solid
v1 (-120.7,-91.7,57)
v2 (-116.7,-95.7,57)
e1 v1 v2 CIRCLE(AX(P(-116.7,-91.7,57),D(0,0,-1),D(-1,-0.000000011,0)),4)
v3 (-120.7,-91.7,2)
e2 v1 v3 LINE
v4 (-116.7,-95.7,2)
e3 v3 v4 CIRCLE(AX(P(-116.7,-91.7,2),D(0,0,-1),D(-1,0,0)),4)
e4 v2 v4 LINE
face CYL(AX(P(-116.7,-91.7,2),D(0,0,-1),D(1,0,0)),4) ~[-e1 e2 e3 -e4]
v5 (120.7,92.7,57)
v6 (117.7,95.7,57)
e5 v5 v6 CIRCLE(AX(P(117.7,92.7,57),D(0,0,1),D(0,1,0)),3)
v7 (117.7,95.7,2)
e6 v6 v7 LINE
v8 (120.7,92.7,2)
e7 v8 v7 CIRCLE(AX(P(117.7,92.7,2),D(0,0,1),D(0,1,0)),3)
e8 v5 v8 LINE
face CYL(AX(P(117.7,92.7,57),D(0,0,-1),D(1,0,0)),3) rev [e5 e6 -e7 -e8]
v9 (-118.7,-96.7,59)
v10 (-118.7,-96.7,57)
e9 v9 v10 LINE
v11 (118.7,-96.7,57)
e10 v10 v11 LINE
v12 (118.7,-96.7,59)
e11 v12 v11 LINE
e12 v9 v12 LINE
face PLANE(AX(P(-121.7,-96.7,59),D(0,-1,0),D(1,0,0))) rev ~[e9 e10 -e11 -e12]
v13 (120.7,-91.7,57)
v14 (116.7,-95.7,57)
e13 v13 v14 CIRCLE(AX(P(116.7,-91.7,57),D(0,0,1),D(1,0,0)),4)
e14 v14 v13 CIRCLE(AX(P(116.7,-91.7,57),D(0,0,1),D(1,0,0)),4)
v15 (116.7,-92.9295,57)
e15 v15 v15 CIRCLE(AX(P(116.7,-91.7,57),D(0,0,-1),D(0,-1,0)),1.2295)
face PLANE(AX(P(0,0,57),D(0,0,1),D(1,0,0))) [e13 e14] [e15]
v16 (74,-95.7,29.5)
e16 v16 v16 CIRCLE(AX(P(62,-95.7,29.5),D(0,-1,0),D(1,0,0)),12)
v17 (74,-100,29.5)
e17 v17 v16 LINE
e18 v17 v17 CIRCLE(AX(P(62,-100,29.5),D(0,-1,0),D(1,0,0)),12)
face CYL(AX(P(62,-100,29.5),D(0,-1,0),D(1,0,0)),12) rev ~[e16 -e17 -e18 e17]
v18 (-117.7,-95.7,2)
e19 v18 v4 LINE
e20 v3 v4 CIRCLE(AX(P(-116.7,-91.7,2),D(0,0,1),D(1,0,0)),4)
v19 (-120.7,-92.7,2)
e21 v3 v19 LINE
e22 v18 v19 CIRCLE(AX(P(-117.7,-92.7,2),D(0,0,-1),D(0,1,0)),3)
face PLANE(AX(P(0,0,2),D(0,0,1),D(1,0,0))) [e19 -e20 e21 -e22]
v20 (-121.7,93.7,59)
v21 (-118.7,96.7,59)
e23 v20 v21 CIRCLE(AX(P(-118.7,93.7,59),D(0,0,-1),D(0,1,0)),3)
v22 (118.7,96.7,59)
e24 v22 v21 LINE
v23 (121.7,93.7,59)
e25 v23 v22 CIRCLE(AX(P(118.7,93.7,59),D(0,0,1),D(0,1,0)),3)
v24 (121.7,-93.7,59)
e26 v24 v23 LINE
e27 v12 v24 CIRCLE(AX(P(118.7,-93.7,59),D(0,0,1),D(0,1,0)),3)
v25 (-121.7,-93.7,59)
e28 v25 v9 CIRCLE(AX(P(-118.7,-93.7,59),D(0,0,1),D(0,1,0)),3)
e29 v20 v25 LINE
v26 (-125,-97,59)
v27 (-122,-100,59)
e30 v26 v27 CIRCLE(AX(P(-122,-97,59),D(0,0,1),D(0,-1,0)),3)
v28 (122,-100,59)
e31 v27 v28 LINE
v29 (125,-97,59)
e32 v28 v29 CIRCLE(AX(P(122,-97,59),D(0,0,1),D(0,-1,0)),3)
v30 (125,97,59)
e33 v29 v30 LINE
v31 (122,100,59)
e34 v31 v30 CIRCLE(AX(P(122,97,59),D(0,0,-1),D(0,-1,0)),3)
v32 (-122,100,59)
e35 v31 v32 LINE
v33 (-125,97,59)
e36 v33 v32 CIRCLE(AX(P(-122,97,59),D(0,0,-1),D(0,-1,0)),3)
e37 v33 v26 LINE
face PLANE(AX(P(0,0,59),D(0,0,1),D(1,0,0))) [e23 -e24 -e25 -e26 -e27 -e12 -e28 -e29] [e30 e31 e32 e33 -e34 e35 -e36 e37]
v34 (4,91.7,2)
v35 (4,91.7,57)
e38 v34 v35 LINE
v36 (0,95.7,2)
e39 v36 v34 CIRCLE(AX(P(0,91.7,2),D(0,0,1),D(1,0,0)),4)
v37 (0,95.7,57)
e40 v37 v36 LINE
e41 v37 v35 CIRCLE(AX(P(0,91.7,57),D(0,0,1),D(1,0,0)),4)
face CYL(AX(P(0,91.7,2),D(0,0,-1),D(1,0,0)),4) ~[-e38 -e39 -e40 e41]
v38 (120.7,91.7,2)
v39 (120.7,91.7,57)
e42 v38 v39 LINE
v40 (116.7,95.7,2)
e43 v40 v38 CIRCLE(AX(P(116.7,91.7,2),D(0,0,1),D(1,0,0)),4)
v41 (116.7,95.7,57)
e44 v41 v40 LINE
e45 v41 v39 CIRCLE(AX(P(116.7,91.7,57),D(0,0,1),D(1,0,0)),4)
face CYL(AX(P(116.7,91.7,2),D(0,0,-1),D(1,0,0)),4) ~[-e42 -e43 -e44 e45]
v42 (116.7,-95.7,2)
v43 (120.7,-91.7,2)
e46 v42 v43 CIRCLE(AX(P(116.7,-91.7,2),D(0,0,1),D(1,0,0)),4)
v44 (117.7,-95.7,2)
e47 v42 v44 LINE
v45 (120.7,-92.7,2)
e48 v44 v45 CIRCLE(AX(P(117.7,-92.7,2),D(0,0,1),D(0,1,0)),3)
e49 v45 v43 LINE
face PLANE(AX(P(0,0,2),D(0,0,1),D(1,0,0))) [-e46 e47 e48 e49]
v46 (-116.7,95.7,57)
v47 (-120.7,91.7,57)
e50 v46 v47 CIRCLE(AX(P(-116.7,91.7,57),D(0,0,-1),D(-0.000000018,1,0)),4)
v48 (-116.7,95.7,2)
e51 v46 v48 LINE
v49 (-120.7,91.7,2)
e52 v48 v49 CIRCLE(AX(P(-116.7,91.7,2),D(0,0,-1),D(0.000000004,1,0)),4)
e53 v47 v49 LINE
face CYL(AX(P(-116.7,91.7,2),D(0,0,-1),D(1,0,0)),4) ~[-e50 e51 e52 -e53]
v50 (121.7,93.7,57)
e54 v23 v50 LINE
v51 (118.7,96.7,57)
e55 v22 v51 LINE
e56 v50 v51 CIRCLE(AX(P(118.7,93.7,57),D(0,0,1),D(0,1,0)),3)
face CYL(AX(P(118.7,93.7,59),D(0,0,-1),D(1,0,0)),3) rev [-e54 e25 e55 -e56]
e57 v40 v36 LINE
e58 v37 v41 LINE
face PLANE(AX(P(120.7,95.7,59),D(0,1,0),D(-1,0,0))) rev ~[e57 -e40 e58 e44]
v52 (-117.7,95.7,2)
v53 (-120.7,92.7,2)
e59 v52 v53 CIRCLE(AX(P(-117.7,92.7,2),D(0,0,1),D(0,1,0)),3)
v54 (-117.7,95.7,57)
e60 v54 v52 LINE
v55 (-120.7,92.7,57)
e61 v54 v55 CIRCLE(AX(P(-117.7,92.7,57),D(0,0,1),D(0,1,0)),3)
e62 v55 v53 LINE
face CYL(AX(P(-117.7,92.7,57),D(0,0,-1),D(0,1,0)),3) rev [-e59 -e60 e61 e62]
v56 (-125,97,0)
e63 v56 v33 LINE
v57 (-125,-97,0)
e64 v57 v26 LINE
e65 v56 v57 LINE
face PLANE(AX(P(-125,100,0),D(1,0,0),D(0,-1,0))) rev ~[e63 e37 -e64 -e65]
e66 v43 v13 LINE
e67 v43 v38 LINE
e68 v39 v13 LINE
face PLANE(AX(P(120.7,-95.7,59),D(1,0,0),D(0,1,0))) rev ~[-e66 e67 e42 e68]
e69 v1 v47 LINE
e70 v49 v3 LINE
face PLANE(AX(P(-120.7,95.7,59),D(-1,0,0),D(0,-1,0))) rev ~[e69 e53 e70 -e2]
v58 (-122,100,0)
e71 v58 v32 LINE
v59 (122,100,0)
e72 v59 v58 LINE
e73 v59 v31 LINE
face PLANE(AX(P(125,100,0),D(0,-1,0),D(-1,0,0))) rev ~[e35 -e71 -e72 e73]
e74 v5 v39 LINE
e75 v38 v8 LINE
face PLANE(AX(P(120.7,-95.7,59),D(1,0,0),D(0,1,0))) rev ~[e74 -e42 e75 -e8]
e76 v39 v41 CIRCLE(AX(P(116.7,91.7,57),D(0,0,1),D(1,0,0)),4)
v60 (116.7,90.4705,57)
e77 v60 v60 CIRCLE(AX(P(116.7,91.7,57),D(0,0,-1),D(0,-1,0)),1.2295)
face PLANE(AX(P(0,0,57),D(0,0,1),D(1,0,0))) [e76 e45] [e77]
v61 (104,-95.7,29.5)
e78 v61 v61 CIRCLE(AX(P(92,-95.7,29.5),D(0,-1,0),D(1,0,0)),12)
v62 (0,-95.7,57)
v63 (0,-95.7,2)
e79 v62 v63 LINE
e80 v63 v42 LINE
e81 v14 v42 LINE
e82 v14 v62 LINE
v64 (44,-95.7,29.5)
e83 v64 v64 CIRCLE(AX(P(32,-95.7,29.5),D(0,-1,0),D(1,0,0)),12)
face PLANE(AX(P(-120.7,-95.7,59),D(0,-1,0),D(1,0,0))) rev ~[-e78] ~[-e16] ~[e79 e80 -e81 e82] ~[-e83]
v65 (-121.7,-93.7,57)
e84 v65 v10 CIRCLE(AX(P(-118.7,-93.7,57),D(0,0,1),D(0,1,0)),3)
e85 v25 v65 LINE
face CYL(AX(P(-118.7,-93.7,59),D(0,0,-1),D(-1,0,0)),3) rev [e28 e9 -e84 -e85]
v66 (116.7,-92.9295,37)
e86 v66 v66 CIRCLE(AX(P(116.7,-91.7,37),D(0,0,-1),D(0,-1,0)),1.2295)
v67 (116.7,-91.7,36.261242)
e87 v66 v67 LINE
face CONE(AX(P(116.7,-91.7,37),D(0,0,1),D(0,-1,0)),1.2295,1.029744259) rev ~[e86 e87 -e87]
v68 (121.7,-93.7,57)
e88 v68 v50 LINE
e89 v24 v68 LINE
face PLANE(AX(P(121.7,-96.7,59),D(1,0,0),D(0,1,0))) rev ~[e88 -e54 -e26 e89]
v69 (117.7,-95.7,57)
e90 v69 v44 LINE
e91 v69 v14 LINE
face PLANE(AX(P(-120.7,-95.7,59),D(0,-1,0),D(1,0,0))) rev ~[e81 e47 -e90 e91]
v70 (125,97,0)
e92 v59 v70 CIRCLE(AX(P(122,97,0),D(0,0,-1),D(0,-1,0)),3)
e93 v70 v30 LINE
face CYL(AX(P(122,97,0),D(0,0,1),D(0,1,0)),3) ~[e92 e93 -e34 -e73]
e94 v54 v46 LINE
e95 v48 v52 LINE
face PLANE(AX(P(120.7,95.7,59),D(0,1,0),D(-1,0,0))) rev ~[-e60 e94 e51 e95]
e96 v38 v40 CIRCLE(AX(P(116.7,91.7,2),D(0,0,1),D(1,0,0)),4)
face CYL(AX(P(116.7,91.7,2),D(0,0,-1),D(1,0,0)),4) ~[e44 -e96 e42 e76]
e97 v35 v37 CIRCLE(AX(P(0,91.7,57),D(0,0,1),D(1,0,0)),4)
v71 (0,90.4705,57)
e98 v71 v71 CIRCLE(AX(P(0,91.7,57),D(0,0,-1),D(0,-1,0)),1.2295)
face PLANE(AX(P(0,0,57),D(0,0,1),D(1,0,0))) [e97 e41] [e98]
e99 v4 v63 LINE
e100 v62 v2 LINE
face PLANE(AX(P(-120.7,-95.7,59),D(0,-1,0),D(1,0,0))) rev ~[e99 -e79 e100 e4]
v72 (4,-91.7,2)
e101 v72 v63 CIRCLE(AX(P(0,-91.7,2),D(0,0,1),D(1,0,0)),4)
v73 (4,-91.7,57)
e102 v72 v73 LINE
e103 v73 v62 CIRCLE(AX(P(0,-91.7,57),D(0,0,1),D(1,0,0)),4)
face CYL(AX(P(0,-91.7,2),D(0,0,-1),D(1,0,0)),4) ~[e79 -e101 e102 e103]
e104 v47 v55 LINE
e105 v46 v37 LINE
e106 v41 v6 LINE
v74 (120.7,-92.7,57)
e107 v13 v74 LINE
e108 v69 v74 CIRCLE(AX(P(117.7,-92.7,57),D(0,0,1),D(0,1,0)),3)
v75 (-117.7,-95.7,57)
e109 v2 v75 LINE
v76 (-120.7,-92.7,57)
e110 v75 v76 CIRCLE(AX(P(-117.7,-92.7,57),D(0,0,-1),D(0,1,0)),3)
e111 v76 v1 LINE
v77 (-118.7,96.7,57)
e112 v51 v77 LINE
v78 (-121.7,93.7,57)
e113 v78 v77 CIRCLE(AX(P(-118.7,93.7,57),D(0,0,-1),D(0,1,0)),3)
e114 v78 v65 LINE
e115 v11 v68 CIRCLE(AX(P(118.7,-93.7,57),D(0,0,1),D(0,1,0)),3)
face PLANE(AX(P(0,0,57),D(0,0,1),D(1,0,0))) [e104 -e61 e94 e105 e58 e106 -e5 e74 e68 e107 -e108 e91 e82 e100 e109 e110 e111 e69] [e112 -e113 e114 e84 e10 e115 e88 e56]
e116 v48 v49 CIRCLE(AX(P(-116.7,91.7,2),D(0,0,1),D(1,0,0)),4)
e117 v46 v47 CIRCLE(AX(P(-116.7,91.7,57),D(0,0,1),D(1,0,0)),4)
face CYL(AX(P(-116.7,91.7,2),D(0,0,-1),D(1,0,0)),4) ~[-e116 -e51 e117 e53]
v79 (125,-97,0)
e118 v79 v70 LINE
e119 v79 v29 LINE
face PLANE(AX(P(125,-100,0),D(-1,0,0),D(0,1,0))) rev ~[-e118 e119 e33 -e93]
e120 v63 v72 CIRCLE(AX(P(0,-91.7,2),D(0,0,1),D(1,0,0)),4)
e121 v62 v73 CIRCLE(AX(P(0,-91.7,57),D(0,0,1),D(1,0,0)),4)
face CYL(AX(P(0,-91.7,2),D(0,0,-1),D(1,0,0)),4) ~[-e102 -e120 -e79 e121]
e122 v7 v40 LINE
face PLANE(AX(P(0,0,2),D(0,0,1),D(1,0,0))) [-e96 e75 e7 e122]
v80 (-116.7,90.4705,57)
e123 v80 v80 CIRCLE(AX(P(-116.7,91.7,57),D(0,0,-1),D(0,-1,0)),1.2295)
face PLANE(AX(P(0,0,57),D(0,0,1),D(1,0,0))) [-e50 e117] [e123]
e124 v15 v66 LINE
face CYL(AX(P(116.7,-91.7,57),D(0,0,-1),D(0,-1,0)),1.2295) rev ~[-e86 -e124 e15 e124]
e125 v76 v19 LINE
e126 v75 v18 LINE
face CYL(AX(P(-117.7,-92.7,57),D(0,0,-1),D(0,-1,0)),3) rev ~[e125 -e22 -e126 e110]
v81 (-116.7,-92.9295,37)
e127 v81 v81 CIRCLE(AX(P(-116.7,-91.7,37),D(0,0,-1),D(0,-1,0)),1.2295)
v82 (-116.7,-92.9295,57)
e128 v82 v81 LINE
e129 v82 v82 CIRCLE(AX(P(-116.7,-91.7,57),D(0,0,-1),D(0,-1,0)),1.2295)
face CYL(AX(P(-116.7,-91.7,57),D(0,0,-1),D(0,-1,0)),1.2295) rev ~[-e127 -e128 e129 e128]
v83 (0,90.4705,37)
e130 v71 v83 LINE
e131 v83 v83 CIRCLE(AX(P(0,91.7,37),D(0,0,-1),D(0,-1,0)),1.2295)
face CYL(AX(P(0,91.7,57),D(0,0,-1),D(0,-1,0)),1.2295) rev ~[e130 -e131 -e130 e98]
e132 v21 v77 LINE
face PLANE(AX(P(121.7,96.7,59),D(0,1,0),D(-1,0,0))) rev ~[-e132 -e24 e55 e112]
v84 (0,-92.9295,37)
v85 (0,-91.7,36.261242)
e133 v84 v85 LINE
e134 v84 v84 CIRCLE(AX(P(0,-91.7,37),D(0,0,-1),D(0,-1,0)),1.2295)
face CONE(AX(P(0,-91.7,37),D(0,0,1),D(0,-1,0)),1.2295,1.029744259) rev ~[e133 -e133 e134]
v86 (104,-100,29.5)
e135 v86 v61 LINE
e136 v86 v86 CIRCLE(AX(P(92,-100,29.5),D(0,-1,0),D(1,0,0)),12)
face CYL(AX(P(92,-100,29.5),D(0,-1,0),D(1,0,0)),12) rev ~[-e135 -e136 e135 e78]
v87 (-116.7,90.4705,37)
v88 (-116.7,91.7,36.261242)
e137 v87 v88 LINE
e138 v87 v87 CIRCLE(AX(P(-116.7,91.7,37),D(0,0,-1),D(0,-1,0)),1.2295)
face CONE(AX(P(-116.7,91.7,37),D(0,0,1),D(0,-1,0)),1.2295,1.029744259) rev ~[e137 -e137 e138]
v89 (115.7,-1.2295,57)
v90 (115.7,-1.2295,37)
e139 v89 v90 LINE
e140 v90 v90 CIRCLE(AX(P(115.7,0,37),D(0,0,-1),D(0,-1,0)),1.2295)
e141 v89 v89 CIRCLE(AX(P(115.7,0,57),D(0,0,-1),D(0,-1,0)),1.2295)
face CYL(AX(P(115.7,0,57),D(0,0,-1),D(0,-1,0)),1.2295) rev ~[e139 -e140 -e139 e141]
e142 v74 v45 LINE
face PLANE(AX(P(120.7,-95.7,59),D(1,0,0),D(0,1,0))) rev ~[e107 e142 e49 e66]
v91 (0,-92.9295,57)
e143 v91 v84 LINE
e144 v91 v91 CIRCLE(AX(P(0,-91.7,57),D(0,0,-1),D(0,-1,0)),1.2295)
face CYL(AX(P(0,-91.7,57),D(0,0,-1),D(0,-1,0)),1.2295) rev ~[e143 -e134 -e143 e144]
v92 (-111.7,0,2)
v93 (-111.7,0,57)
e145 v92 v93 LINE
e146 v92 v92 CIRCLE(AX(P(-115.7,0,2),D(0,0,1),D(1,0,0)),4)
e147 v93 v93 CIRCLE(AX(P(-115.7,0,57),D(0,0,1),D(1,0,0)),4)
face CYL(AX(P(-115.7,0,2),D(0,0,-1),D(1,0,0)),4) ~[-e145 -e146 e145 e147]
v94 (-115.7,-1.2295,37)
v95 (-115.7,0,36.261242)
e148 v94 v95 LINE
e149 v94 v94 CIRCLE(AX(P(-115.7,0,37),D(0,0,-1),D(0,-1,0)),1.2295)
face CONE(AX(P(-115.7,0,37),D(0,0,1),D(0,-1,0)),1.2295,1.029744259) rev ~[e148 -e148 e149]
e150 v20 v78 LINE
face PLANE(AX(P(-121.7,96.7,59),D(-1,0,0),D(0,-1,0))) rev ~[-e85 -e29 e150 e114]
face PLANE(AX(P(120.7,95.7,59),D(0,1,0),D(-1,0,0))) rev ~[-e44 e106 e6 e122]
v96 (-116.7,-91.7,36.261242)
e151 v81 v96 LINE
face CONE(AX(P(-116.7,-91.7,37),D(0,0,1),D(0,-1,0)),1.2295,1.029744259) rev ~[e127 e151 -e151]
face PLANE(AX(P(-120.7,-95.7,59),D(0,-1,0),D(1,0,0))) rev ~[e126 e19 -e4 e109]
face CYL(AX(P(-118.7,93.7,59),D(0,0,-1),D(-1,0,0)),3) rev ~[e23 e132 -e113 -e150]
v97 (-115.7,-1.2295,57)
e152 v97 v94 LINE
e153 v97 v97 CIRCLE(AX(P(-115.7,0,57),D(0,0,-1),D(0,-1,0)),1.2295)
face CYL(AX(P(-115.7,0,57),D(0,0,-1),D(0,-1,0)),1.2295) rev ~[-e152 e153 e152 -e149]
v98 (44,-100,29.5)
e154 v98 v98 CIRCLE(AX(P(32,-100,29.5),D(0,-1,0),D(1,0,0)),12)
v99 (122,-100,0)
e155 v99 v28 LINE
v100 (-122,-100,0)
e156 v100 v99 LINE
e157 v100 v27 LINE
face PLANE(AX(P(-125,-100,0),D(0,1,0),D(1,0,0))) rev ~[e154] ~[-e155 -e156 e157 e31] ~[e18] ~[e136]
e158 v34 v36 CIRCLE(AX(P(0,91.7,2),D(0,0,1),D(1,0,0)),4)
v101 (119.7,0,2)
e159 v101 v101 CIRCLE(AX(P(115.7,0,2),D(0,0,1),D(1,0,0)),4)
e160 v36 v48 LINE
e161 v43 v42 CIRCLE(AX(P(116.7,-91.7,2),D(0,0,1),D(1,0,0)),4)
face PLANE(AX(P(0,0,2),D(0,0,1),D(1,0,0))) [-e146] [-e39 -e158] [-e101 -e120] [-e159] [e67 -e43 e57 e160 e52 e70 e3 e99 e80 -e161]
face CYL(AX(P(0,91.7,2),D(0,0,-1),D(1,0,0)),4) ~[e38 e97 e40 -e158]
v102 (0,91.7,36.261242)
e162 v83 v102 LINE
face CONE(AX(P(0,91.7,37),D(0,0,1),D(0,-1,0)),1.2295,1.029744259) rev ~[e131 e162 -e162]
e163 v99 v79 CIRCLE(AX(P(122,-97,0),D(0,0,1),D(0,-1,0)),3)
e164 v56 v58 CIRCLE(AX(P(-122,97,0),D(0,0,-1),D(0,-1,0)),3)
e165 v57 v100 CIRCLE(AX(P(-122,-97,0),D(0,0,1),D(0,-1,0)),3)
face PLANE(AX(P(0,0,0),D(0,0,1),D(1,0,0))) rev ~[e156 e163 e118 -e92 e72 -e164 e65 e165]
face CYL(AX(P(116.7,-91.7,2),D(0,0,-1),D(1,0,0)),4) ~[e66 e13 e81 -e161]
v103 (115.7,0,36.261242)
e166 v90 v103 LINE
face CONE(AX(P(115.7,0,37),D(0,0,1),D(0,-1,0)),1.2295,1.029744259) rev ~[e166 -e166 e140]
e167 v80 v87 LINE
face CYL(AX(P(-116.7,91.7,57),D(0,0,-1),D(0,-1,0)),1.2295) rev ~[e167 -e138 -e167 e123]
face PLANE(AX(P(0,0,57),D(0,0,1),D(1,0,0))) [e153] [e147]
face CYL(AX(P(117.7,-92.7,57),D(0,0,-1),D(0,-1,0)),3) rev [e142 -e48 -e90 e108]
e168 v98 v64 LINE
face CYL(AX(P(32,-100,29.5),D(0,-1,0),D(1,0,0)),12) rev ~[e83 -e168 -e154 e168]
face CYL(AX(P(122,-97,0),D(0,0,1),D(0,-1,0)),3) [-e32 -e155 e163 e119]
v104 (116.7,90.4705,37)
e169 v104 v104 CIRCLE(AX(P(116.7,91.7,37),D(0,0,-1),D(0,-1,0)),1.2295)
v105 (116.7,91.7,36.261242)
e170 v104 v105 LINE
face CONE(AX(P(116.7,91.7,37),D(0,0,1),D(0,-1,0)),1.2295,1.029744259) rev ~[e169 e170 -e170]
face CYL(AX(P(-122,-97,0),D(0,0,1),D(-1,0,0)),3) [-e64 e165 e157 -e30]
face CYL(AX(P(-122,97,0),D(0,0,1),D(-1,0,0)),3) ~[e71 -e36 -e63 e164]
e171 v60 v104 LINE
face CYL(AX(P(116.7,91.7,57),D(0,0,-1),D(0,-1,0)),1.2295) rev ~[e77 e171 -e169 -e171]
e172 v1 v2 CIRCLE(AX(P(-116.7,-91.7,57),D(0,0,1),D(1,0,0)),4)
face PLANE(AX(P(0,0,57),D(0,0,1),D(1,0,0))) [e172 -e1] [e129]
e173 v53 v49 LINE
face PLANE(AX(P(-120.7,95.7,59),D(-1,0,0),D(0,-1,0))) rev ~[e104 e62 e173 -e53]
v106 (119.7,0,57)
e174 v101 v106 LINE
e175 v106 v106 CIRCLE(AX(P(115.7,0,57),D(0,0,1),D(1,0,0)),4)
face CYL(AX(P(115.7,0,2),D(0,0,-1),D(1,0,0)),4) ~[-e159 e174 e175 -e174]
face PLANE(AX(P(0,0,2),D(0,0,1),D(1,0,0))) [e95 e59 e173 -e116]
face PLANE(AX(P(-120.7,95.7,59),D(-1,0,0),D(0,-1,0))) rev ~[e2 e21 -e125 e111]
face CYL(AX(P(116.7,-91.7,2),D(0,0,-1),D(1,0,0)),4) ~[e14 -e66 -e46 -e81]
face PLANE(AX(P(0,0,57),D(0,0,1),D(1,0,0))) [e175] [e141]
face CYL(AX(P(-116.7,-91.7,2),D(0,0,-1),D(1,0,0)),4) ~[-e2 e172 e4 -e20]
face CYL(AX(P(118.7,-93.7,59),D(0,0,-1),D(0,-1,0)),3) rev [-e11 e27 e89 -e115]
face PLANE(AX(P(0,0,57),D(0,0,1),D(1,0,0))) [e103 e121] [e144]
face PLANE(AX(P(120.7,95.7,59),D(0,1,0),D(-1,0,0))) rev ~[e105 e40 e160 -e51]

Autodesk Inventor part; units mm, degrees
ref_plane "Plan YZ" through (0, 0, 0) normal (1, 0, 0) x (0, 1, 0)
ref_plane "Plan XZ" through (0, 0, 0) normal (0, 1, 0) x (-1, 0, 0)
ref_plane "Plan XY" through (0, 0, 0) normal (0, 0, 1) x (1, 0, 0)
sketch "Esquisse1" plane through (0, 0, 0) normal (0, 0, 1) x (1, 0, 0)
  line L0 (-125, -100) -> (125, -100)
  line L1 (125, -100) -> (125, 100)
  line L2 (125, 100) -> (-125, 100)
  line L3 (-125, 100) -> (-125, -100)
  line L4 (-125, -100) -> (125, 100) construction
  line L5 (125, -100) -> (-125, 100) construction
  point P0 (0, 0)
  dimension "d0" = 250
  dimension "d1" = 200
extrude "Extrusion1" add sketch "Esquisse1" along normal blind 59
sketch "Esquisse6" plane through (0, 0, 59) normal (0, 0, 1) x (1, 0, 0)
  line L0 (-120.7, -95.7) -> (120.7, -95.7)
  line L1 (120.7, -95.7) -> (120.7, 95.7)
  line L2 (120.7, 95.7) -> (-120.7, 95.7)
  line L3 (-120.7, 95.7) -> (-120.7, -95.7)
  line L4 (-120.7, -95.7) -> (120.7, 95.7) construction
  line L5 (120.7, -95.7) -> (-120.7, 95.7) construction
  line L6 (125, 100) -> (-125, 100) projected
  line L7 (125, -100) -> (125, 100) projected
  point P0 (0, 0)
  dimension "d4" = 4.3
  dimension "d5" = 4.3
extrude "Extrusion2" cut sketch "Esquisse6" against normal blind 57
sketch "Esquisse7" plane through (0, 0, 59) normal (0, 0, 1) x (1, 0, 0)
  line L0 (-121.7, -96.7) -> (121.7, -96.7)
  line L1 (121.7, -96.7) -> (121.7, 96.7)
  line L2 (121.7, 96.7) -> (-121.7, 96.7)
  line L3 (-121.7, 96.7) -> (-121.7, -96.7)
  line L4 (-121.7, -96.7) -> (121.7, 96.7) construction
  line L5 (121.7, -96.7) -> (-121.7, 96.7) construction
  line L6 (125, 100) -> (-125, 100) projected
  line L7 (125, -100) -> (125, 100) projected
  point P0 (0, 0)
  dimension "d8" = 3.3
  dimension "d9" = 3.3
extrude "Extrusion3" cut sketch "Esquisse7" against normal blind 2
fillet "Congé1" radius 3 12 edges at (-120.7, 95.7, 29.5) (-121.7, 96.7, 58) (-125, 100, 29.5) (120.7, 95.7, 29.5) (121.7, 96.7, 58) (120.7, -95.7, 29.5) (121.7, -96.7, 58) (-121.7, -96.7, 58) (-120.7, -95.7, 29.5) (-125, -100, 29.5) (125, -100, 29.5) (125, 100, 29.5)
sketch "Esquisse9" plane through (0, 0, 2) normal (0, 0, 1) x (1, 0, 0)
  line L0 (118.7, -96.7) -> (-118.7, -96.7) projected
  line L1 (-121.7, -93.7) -> (-121.7, 93.7) projected
  circle A0 centre (-116.7, -91.7) radius 4
  line L2 (0, 0) -> (0, 94.7693)
  line L3 (0, 0) -> (-121.7, 0)
  circle A1 centre (-116.7, 91.7) radius 4
  circle A2 centre (116.7, -91.7) radius 4
  circle A3 centre (116.7, 91.7) radius 4
  dimension "d15" = 5
  dimension "d16" = 5
  dimension "d17" = 8
extrude "Extrusion4" add sketch "Esquisse9" along normal blind 55
sketch "Esquisse10" plane through (0, 0, 2) normal (0, 0, 1) x (1, 0, 0)
  line L0 (118.7, -96.7) -> (-118.7, -96.7) projected
  line L1 (121.7, 93.7) -> (121.7, -93.7) projected
  line L2 (-121.7, -93.7) -> (-121.7, 93.7) projected
  circle A0 centre (0, -91.7) radius 4
  line L3 (0, 0) -> (121.7, 0)
  circle A1 centre (0, 91.7) radius 4
  dimension "d20" = 5
  dimension "d21" = 243.4
  dimension "d22" = 121.7
  dimension "d23" = 8
extrude "Extrusion5" add sketch "Esquisse10" along normal blind 55
sketch "Esquisse14" plane through (0, 0, 2) normal (0, 0, 1) x (1, 0, 0)
  line L0 (-120.7, 91.7) -> (-120.7, -91.7) projected
  line L1 (-116.7, -95.7) -> (0, -95.7) projected
  line L2 (0, 95.7) -> (-116.7, 95.7) projected
  circle A0 centre (-115.7, 0) radius 4
  circle A1 centre (0, 91.7) radius 4 projected
  line L3 (0, 0) -> (0, 91.7)
  circle A2 centre (115.7, 0) radius 4
  dimension "d45" = 5
  dimension "d46" = 191.4
  dimension "d47" = 95.7
  dimension "d48" = 8
extrude "Extrusion7" add sketch "Esquisse14" along normal blind 55 contours A0 | A2
sketch "Esquisse12" plane through (0, 91.7, 57) normal (0, 0, 1) x (1, 0, 0)
  circle A0 centre (0, 0) radius 4 projected
  arc A1 (116.7, 4) -> (120.7, 0) centre (116.7, 0) ccw projected
  arc A2 (120.7, -183.4) -> (116.7, -187.4) centre (116.7, -183.4) ccw projected
  arc A3 (-120.7, 0) -> (-116.7, 4) centre (-116.7, 0) ccw projected
  circle A4 centre (0, -183.4) radius 4 projected
  arc A5 (-116.7, -187.4) -> (-120.7, -183.4) centre (-116.7, -183.4) ccw projected
  circle A6 centre (-115.7, -91.7) radius 4 projected
  circle A7 centre (115.7, -91.7) radius 4 projected
  point P0 (0, -91.7)
  point P1 (0, 4)
  point P2 (0, -187.4)
hole "Perçage1" at (0, 91.7, 57) at (116.7, 91.7, 57) at (116.7, -91.7, 57) at (-116.7, 91.7, 57) at (0, -91.7, 57) at (-116.7, -91.7, 57) at (115.7, 0, 57) at (-115.7, 0, 57) direction (0, 0, -1) diameter 2.459 depth 20 tip angle 118 thread size "M3x0.5" class "6H" standard "ISO M"
sketch "Esquisse13" plane through (-122, -100, 0) normal (0, -1, 0) x (1, 0, 0)
  line L0 (244, 59) -> (244, 0) projected
  line L1 (0, 59) -> (244, 59) projected
  line L2 (0, 0) -> (244, 0) projected
  circle A0 centre (154, 29.5) radius 12
  circle A1 centre (184, 29.5) radius 12
  circle A2 centre (214, 29.5) radius 12
  point P0 (122, 0)
  dimension "d33" = 30
  dimension "d34" = 30
  dimension "d35" = 30
  dimension "d36" = 59
  dimension "d37" = 29.5
  dimension "d38" = 29.5
  dimension "d39" = 29.5
  dimension "d40" = 24
  dimension "d41" = 24
  dimension "d42" = 24
extrude "Extrusion6" cut sketch "Esquisse13" against normal blind 10
properties part number "Box" material "."
